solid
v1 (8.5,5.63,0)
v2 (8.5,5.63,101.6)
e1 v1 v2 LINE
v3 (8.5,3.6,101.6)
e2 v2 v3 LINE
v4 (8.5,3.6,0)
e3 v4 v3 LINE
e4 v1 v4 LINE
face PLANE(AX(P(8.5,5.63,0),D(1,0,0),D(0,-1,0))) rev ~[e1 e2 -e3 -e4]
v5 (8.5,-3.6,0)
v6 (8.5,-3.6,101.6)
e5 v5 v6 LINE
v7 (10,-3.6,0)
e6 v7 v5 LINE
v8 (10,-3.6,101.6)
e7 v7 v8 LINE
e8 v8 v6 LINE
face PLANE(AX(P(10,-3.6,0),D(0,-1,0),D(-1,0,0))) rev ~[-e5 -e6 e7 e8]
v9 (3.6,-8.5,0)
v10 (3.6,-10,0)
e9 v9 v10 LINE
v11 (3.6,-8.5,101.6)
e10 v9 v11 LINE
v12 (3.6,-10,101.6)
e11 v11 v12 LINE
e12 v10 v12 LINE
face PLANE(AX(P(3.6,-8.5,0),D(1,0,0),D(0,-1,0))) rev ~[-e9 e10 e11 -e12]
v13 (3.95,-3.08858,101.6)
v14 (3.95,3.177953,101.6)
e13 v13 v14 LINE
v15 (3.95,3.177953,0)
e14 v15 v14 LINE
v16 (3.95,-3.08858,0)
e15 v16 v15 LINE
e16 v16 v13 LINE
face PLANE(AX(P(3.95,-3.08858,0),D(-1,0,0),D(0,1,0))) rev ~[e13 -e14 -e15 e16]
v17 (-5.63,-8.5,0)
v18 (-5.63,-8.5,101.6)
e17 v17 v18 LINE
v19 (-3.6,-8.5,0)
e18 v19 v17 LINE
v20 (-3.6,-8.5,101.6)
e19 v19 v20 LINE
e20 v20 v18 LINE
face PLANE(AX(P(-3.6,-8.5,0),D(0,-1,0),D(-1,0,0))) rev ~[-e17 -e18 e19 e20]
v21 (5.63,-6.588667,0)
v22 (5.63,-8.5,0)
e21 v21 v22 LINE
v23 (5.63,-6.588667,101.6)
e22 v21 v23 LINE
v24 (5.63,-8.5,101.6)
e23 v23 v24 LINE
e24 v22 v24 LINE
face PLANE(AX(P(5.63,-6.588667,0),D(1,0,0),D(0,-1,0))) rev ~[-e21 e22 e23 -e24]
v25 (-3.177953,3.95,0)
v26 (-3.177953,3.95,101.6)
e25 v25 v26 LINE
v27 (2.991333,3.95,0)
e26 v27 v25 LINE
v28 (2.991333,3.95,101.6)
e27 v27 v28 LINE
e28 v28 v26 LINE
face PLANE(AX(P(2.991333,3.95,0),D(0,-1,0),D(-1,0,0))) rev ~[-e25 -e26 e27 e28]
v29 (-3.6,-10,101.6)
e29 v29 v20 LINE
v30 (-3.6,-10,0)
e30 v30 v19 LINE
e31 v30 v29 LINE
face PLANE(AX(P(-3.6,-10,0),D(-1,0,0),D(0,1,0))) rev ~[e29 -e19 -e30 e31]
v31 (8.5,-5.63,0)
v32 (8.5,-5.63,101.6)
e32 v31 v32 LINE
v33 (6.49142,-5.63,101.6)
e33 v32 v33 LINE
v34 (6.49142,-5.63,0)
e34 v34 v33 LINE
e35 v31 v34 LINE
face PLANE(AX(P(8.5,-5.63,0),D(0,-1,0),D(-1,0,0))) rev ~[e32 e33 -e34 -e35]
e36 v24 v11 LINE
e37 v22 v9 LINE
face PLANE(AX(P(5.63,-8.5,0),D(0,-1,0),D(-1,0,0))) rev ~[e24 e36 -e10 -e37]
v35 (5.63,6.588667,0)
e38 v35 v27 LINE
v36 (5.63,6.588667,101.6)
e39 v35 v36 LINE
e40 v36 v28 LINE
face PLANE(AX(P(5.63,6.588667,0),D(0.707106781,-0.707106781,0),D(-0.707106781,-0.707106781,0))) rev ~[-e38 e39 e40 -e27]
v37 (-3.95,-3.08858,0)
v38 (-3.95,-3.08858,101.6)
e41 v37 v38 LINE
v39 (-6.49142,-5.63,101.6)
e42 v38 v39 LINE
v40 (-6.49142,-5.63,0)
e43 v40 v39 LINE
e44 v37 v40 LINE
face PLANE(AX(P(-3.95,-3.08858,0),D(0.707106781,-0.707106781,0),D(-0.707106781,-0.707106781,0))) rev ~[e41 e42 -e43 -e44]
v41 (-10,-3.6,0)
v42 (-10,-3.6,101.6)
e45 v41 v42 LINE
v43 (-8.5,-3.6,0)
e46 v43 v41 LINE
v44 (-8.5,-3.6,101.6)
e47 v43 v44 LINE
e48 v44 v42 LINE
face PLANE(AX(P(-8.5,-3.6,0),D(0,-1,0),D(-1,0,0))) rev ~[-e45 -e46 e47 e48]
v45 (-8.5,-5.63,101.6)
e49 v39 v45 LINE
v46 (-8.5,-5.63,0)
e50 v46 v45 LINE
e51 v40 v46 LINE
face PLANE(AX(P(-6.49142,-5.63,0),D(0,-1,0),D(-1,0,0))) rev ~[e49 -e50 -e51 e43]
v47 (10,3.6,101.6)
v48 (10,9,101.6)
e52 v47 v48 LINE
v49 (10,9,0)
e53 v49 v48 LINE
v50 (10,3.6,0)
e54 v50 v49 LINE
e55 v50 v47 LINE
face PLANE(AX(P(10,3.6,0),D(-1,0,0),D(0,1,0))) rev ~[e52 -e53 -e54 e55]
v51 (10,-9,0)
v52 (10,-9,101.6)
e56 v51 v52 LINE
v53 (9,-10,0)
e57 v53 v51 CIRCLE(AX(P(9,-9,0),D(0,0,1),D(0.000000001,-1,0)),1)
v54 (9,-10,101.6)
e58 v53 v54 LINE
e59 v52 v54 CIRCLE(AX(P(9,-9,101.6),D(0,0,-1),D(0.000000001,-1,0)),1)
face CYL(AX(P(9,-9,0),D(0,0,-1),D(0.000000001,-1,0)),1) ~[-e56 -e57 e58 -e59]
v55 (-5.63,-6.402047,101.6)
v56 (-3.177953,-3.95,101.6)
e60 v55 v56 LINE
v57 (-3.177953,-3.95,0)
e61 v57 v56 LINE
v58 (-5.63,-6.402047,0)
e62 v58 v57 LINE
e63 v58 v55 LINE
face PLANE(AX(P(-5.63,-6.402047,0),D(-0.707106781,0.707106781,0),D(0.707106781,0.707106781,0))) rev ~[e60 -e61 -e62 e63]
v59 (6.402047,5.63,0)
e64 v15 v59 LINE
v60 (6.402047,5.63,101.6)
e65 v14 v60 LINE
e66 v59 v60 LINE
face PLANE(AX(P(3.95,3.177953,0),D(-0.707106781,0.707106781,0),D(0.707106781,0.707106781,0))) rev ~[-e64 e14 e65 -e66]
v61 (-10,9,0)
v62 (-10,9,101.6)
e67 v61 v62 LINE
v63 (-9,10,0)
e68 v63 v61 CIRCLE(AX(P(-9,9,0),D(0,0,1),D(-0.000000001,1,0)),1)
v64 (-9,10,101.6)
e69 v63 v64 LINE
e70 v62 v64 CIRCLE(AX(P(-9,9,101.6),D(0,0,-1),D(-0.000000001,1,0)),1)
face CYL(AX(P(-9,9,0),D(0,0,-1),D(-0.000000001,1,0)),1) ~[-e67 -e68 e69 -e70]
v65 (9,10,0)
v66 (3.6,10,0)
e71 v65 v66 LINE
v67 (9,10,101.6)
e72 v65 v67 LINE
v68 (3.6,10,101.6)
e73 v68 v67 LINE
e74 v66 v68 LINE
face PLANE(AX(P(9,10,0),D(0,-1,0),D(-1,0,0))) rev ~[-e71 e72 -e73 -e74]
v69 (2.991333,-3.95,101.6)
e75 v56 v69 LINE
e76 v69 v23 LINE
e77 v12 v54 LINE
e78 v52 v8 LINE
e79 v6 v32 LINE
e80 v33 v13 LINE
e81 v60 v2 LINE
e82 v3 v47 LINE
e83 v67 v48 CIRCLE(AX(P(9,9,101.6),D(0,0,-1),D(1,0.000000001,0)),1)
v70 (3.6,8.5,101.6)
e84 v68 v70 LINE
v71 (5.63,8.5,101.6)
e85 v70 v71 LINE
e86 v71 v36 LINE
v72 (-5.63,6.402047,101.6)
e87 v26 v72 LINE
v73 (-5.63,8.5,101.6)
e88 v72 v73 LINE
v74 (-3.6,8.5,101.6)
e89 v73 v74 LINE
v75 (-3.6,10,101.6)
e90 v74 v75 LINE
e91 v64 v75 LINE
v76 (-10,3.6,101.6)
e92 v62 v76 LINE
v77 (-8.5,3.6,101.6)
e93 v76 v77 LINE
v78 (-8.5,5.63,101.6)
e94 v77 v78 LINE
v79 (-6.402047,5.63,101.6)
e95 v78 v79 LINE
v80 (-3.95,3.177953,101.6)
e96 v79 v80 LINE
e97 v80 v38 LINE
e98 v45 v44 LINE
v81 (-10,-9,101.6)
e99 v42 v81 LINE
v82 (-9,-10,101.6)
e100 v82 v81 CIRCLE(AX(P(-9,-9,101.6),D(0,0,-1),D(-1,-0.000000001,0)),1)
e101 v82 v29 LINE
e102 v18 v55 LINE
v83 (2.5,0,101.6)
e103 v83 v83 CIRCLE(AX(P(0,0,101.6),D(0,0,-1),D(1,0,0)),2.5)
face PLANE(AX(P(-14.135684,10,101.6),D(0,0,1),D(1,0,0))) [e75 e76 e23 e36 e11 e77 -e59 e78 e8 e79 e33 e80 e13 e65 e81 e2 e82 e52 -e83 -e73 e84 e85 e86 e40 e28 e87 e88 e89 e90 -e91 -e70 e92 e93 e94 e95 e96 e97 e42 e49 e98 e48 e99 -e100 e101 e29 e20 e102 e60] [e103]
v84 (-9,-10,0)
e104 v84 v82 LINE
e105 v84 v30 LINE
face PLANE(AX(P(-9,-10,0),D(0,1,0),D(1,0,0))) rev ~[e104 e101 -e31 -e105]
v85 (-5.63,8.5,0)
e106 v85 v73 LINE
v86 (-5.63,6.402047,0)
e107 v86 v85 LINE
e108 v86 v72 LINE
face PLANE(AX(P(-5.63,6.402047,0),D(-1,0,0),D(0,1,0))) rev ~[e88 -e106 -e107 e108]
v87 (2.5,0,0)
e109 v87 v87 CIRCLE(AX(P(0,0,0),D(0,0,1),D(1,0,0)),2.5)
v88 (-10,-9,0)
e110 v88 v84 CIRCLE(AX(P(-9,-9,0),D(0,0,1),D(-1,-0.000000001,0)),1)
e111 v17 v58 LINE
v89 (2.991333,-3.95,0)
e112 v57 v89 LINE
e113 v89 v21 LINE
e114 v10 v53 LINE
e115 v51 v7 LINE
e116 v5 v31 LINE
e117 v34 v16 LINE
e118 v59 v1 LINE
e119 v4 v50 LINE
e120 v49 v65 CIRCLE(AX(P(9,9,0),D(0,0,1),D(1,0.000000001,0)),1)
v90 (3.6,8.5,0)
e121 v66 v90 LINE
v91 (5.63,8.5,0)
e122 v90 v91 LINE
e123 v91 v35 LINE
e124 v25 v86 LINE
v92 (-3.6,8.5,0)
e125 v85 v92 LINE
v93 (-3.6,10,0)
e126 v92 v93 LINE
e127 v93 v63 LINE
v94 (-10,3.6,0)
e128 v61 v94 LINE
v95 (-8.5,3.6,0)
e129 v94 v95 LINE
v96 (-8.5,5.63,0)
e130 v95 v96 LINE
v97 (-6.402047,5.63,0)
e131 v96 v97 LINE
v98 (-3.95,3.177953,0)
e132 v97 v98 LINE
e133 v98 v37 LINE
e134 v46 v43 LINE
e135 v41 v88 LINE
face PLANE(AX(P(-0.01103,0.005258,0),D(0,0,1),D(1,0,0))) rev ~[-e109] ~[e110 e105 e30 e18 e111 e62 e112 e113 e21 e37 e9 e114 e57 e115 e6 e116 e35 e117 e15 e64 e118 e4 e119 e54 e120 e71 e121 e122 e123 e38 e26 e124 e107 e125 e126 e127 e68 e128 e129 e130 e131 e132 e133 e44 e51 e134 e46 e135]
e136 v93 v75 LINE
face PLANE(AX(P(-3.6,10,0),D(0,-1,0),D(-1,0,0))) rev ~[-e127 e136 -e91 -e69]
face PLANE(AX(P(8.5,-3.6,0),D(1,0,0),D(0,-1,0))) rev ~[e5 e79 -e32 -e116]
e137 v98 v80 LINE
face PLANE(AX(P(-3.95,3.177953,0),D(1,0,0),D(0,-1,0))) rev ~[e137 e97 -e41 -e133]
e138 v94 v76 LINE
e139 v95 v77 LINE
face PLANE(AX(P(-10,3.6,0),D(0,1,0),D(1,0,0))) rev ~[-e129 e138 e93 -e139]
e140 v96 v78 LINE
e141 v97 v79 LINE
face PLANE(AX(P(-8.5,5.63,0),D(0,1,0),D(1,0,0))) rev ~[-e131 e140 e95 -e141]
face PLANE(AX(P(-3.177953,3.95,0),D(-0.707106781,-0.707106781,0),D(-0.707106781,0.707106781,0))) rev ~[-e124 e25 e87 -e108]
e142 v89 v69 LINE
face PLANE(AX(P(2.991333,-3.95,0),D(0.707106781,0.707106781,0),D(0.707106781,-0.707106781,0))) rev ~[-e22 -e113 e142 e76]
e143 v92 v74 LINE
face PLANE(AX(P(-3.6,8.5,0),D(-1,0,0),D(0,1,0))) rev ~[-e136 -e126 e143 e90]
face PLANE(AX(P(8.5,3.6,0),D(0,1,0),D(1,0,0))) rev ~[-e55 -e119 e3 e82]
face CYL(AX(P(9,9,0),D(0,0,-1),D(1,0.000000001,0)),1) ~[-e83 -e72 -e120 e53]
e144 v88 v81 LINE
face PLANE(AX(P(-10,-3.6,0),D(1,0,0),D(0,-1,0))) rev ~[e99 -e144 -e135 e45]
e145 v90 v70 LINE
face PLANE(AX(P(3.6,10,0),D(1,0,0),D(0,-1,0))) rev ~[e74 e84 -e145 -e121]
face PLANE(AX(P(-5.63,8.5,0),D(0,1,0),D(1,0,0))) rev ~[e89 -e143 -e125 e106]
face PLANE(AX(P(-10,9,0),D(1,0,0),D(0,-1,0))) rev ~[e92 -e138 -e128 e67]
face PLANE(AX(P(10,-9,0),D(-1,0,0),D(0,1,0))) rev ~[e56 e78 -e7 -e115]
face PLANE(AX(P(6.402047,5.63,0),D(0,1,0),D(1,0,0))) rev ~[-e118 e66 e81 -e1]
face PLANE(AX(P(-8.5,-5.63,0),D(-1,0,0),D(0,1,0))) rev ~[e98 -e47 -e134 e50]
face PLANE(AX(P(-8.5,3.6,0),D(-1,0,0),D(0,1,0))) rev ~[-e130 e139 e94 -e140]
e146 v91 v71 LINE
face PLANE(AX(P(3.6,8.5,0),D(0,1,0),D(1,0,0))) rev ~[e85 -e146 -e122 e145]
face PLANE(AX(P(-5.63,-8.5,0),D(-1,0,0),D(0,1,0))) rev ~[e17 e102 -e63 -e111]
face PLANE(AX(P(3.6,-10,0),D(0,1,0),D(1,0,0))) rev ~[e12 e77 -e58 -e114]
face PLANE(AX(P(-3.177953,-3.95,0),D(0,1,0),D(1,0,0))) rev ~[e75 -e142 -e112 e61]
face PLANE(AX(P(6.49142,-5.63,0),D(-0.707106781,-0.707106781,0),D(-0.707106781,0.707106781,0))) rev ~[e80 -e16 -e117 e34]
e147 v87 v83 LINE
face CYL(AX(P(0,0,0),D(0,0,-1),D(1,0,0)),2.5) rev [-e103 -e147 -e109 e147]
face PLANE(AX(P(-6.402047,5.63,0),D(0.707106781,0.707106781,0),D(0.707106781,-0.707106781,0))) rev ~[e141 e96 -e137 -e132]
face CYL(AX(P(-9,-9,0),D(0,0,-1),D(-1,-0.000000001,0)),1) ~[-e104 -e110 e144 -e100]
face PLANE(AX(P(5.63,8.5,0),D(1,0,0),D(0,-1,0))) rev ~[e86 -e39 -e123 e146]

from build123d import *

# Parameters (mm, degrees)
SKETCH1_R           = 2.5
BOSS_EXTRUDE1_DEPTH = 482.6
SKETCH2_W           = 35.989521226
SKETCH2_H           = 397.523683421
CUT_EXTRUDE1_DEPTH  = 21


with BuildPart() as part:
    # Sketch1 → Boss-Extrude1 (new body)
    with BuildSketch(Plane.XY):
        with BuildLine():
            Line((-5.63, 10), (-9, 10))
            ThreePointArc((-9, 10), (-9.707106781, 9.707106781), (-10, 9))
            Line((-10, 9), (-10, 5.63))
            Line((-10, 5.63), (-10, 3.6))
            Line((-10, 3.6), (-8.5, 3.6))
            Line((-8.5, 3.6), (-8.5, 5.63))
            Line((-8.5, 5.63), (-6.402046573, 5.63))
            Line((-6.402046573, 5.63), (-3.95, 3.177953427))
            Line((-3.95, 3.177953427), (-3.95, -3.088580227))
            Line((-3.95, -3.088580227), (-6.491419773, -5.63))
            Line((-6.491419773, -5.63), (-8.5, -5.63))
            Line((-8.5, -5.63), (-8.5, -3.6))
            Line((-8.5, -3.6), (-10, -3.6))
            Line((-10, -3.6), (-10, -5.63))
            Line((-10, -5.63), (-10, -9))
            ThreePointArc((-10, -9), (-9.707106781, -9.707106781), (-9, -10))
            Line((-9, -10), (-5.63, -10))
            Line((-5.63, -10), (-3.6, -10))
            Line((-3.6, -10), (-3.6, -8.5))
            Line((-3.6, -8.5), (-5.63, -8.5))
            Line((-5.63, -8.5), (-5.63, -6.402046573))
            Line((-5.63, -6.402046573), (-3.177953427, -3.95))
            Line((-3.177953427, -3.95), (2.991333041, -3.95))
            Line((2.991333041, -3.95), (5.63, -6.588666959))
            Line((5.63, -6.588666959), (5.63, -8.5))
            Line((5.63, -8.5), (3.6, -8.5))
            Line((3.6, -8.5), (3.6, -10))
            Line((3.6, -10), (5.63, -10))
            Line((5.63, -10), (9, -10))
            ThreePointArc((9, -10), (9.707106781, -9.707106781), (10, -9))
            Line((10, -9), (10, -5.63))
            Line((10, -5.63), (10, -3.6))
            Line((10, -3.6), (8.5, -3.6))
            Line((8.5, -3.6), (8.5, -5.63))
            Line((8.5, -5.63), (6.491419773, -5.63))
            Line((6.491419773, -5.63), (3.95, -3.088580227))
            Line((3.95, -3.088580227), (3.95, 3.177953427))
            Line((3.95, 3.177953427), (6.402046573, 5.63))
            Line((6.402046573, 5.63), (8.5, 5.63))
            Line((8.5, 5.63), (8.5, 3.6))
            Line((8.5, 3.6), (10, 3.6))
            Line((10, 3.6), (10, 5.63))
            Line((10, 5.63), (10, 9))
            ThreePointArc((10, 9), (9.707106781, 9.707106781), (9, 10))
            Line((9, 10), (5.63, 10))
            Line((5.63, 10), (3.6, 10))
            Line((3.6, 10), (3.6, 8.5))
            Line((3.6, 8.5), (5.63, 8.5))
            Line((5.63, 8.5), (5.63, 6.588666959))
            Line((5.63, 6.588666959), (2.991333041, 3.95))
            Line((2.991333041, 3.95), (-3.177953427, 3.95))
            Line((-3.177953427, 3.95), (-5.63, 6.402046573))
            Line((-5.63, 6.402046573), (-5.63, 8.5))
            Line((-5.63, 8.5), (-3.6, 8.5))
            Line((-3.6, 8.5), (-3.6, 10))
            Line((-3.6, 10), (-5.63, 10))
        make_face()
        Circle(SKETCH1_R, mode=Mode.SUBTRACT)
    extrude(amount=BOSS_EXTRUDE1_DEPTH)

    # Sketch2 → Cut-Extrude1 (cut, through all)
    with BuildSketch(Plane(origin=(0, 10, 0), x_dir=(1, 0, 0), z_dir=(0, 1, 0))):
        with Locations((3.85907628, -300.361841711)):
            Rectangle(SKETCH2_W, SKETCH2_H)
    extrude(amount=-CUT_EXTRUDE1_DEPTH, mode=Mode.SUBTRACT)


solid = part.part
